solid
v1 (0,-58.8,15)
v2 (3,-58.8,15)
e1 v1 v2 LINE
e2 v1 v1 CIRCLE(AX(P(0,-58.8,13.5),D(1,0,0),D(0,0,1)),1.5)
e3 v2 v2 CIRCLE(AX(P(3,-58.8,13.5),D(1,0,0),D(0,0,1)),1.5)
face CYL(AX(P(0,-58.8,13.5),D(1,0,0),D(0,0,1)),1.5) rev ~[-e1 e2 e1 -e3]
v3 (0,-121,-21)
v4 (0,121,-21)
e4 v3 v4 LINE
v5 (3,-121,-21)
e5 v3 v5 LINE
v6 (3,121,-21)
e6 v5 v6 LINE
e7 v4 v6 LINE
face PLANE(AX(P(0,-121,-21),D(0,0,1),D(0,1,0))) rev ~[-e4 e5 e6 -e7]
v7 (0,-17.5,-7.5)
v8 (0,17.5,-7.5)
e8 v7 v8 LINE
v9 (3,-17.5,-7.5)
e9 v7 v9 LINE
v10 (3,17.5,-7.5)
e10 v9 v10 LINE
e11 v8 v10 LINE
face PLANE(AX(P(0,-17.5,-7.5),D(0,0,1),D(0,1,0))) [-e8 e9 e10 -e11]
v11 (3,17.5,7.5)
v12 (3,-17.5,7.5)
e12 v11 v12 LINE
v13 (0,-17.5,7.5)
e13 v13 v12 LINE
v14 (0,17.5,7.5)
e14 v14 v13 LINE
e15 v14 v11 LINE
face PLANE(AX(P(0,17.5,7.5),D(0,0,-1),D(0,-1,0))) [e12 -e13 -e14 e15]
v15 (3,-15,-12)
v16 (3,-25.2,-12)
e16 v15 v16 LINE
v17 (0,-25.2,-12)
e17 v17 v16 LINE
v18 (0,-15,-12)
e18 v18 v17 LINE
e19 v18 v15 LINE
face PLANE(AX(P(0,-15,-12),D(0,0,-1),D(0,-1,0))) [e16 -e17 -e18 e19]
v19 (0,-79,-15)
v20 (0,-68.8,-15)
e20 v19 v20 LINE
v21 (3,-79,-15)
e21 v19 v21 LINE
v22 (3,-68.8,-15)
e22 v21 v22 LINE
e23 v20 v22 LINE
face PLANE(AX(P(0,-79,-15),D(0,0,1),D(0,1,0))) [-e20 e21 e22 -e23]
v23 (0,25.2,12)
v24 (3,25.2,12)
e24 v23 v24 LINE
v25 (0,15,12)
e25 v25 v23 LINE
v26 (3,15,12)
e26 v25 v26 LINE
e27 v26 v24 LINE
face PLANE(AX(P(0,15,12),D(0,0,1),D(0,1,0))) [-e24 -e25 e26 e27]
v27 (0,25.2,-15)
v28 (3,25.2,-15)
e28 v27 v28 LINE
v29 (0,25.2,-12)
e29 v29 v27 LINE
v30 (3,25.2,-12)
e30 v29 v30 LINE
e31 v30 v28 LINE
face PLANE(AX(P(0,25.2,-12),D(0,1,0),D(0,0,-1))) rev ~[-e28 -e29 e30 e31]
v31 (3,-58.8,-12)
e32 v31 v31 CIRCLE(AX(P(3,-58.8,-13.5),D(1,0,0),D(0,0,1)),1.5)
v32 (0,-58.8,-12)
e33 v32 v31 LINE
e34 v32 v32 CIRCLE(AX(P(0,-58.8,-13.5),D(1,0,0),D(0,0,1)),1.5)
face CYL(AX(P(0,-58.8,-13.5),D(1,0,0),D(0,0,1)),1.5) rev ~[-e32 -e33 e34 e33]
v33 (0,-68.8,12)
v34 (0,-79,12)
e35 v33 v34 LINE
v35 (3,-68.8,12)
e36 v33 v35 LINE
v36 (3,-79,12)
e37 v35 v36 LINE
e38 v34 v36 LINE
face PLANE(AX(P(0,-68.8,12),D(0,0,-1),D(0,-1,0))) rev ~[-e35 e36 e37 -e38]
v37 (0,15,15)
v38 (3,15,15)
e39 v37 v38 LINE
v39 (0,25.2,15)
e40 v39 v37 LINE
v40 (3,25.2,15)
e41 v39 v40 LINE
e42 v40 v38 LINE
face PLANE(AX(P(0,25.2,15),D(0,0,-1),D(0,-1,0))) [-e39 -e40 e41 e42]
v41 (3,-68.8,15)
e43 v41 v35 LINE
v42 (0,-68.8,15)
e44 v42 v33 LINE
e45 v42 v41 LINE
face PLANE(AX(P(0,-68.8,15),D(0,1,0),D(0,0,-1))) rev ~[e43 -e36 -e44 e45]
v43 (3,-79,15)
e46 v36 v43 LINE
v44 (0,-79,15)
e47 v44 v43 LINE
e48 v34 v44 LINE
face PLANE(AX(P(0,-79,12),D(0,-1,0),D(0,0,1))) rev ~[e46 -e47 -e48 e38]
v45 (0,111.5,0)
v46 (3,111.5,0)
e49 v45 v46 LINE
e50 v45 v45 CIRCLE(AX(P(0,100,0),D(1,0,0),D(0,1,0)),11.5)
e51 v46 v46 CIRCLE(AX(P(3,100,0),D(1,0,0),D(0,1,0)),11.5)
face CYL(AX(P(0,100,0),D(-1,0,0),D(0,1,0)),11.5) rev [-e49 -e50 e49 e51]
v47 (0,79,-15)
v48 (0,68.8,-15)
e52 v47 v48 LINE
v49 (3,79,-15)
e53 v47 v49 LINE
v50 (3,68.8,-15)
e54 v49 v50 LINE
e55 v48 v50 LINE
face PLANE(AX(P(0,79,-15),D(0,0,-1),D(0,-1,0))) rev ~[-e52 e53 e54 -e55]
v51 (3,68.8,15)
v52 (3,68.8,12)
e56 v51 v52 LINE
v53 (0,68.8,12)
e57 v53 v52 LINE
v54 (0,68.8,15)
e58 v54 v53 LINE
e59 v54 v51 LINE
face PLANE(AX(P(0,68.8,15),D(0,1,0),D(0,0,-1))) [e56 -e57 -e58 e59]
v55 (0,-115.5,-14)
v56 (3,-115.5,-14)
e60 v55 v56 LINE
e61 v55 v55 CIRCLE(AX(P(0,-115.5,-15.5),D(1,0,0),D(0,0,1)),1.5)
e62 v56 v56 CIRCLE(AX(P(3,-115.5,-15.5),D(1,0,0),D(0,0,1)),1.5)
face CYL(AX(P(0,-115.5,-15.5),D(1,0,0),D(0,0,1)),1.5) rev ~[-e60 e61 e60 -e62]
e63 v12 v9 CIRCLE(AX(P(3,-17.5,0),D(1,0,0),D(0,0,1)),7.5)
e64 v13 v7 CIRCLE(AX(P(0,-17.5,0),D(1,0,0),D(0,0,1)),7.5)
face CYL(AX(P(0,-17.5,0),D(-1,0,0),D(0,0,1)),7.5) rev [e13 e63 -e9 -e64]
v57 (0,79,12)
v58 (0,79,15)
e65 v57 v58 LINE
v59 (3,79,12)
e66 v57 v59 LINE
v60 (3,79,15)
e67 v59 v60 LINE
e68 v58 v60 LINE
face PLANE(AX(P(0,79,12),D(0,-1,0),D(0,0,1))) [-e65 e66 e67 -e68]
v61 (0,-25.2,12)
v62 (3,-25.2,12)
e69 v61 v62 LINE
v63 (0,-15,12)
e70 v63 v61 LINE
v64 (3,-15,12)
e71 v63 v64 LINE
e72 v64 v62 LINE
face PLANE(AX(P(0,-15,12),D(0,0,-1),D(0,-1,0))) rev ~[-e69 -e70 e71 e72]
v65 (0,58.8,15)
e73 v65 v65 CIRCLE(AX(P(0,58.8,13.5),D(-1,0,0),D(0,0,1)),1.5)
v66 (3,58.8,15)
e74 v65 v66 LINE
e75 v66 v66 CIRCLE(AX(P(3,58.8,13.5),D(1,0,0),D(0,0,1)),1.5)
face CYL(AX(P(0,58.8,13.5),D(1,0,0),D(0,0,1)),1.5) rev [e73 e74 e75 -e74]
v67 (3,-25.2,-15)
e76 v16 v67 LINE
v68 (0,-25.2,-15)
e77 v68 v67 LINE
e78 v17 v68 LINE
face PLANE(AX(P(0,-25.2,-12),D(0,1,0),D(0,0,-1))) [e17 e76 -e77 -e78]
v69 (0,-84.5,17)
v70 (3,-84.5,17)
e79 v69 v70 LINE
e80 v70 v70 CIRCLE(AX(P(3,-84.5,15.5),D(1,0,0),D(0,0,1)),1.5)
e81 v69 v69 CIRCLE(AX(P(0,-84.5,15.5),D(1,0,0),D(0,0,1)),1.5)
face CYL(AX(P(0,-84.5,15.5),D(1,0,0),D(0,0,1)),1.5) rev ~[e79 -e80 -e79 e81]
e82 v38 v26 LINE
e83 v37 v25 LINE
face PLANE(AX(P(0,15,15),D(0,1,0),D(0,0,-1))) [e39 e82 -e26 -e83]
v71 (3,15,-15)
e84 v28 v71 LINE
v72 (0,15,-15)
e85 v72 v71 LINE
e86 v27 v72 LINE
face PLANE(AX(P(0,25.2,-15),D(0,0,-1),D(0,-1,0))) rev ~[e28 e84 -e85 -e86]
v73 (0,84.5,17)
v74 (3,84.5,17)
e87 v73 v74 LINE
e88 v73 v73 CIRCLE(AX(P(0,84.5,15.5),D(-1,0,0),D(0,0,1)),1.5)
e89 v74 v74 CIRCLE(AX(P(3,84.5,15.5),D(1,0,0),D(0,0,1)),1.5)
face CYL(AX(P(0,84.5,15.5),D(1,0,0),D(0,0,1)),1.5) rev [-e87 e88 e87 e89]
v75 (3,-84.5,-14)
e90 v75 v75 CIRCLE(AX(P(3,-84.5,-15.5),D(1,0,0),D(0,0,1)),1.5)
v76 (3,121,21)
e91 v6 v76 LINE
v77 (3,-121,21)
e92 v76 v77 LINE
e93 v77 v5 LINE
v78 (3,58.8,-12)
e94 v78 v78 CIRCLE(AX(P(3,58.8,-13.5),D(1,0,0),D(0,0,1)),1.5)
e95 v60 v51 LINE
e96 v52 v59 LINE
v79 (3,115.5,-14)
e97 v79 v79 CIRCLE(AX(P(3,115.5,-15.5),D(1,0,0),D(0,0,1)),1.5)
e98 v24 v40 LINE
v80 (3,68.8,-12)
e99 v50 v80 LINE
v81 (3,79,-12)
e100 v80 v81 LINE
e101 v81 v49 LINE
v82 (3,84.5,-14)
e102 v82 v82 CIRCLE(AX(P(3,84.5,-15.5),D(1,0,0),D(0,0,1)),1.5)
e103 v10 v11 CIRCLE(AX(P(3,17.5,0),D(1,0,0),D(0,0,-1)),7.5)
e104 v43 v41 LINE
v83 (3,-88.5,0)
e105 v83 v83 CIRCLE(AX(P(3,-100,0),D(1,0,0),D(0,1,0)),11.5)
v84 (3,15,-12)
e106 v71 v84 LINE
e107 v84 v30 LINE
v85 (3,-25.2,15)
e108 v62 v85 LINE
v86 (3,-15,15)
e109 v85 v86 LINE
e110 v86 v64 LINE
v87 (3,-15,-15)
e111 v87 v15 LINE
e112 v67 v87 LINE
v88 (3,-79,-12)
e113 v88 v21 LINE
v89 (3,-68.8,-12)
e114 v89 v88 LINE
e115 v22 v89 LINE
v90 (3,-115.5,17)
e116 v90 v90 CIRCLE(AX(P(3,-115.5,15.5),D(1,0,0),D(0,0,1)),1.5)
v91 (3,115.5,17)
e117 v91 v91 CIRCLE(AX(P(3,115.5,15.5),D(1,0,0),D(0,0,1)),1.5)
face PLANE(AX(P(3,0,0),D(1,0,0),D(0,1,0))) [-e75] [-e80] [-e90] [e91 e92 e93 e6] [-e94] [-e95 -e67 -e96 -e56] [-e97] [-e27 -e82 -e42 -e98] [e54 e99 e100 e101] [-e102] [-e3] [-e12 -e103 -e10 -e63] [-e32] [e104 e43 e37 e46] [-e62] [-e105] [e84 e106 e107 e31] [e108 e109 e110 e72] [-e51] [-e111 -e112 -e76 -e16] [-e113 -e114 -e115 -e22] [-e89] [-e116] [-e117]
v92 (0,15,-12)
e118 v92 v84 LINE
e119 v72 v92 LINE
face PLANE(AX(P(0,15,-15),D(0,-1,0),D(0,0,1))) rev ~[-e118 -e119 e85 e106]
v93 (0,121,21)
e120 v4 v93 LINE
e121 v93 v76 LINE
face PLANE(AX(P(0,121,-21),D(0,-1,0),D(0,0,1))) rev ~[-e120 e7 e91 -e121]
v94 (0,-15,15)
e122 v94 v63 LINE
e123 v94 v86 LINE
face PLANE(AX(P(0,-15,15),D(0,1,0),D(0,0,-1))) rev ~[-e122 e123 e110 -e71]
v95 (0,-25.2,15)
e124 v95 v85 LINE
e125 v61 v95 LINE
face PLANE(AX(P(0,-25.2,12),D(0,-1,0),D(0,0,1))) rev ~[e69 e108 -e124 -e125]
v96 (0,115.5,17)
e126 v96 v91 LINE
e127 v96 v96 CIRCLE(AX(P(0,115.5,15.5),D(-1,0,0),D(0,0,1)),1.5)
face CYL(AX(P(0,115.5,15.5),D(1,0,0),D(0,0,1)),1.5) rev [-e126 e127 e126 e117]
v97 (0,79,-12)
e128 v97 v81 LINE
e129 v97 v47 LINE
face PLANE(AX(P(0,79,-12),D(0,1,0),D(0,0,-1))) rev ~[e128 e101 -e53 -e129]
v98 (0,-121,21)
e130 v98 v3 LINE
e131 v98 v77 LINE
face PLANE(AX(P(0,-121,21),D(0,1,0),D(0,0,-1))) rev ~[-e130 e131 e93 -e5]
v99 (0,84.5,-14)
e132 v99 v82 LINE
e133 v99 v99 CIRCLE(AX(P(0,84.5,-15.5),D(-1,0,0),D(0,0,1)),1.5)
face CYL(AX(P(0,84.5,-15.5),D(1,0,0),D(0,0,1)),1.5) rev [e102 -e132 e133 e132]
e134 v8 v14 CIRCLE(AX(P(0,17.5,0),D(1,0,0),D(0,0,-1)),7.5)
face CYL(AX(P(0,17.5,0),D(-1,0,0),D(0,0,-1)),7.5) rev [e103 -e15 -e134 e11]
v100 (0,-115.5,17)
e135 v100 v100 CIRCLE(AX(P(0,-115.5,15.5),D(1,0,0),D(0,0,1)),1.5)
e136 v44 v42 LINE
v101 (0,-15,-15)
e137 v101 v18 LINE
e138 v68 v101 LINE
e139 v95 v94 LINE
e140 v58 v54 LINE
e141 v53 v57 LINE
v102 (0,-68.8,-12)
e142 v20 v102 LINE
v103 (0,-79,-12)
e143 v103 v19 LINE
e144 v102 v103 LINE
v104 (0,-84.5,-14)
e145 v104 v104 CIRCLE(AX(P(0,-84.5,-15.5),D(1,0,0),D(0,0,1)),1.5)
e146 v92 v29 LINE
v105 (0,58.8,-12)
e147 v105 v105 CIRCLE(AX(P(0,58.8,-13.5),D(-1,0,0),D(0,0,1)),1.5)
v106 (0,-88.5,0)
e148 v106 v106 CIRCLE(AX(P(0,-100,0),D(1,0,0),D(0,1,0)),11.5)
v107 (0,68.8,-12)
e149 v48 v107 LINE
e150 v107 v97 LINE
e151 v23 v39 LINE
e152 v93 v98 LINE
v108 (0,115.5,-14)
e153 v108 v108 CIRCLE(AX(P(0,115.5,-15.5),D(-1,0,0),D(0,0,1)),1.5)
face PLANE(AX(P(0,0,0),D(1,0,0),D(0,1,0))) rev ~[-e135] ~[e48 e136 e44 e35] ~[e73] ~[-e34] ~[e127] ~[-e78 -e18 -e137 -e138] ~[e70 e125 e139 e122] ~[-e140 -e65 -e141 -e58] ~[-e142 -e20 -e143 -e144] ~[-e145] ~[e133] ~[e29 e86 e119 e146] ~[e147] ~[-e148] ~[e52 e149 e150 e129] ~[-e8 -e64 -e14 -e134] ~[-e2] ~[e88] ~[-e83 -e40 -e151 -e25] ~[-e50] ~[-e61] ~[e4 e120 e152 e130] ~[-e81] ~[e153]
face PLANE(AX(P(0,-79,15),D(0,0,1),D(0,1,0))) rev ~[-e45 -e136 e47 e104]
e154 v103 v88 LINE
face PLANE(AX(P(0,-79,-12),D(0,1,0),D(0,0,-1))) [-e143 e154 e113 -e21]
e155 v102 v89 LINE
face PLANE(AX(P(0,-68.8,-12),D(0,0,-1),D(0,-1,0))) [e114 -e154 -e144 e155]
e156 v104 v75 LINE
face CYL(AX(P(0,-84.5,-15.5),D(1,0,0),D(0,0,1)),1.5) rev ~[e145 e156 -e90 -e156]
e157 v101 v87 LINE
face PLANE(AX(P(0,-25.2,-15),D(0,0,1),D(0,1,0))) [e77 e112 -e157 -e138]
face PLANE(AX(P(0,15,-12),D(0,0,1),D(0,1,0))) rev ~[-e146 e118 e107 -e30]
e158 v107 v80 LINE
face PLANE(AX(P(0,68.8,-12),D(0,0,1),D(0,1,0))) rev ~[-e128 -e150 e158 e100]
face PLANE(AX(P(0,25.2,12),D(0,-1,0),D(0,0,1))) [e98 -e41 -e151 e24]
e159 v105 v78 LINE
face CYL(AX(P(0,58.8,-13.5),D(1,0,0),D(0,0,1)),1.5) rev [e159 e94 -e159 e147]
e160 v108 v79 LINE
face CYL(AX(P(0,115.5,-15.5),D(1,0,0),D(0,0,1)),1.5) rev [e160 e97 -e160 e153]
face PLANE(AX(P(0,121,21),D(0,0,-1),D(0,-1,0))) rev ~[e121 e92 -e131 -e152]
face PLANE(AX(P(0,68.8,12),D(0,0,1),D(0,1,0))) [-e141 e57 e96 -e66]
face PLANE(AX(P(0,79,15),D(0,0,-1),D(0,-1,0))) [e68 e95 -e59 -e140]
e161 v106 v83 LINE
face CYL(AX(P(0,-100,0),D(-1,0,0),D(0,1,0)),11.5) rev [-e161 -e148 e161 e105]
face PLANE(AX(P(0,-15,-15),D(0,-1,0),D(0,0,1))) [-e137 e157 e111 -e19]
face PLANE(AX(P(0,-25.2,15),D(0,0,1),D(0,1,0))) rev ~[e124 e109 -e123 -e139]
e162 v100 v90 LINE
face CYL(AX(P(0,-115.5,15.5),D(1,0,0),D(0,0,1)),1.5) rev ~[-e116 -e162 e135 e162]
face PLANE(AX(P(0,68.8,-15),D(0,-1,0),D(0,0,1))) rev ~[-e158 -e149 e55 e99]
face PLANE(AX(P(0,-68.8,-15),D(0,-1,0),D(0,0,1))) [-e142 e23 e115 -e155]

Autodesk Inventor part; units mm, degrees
ref_plane "YZ Plane" through (0, 0, 0) normal (1, 0, 0) x (0, 1, 0)
ref_plane "XZ Plane" through (0, 0, 0) normal (0, 1, 0) x (-1, 0, 0)
ref_plane "XY Plane" through (0, 0, 0) normal (0, 0, 1) x (1, 0, 0)
sketch "Esboço1" plane through (0, 0, 0) normal (1, 0, 0) x (0, 1, 0)
  line L0 (-121, -21) -> (121, -21)
  line L1 (121, -21) -> (121, 21)
  line L2 (121, 21) -> (-121, 21)
  line L3 (-121, 21) -> (-121, -21)
  line L4 (-121, -21) -> (121, 21) construction
  line L5 (121, -21) -> (-121, 21) construction
  line L6 (-121, 21) -> (-79, 21) construction
  line L7 (-79, 21) -> (-79, -21) construction
  line L8 (-79, -21) -> (-121, -21) construction
  line L9 (-121, -21) -> (-121, 21) construction
  line L10 (-115.5, -15.5) -> (-84.5, -15.5) construction
  line L11 (-84.5, -15.5) -> (-84.5, 15.5) construction
  line L12 (-84.5, 15.5) -> (-115.5, 15.5) construction
  line L13 (-115.5, 15.5) -> (-115.5, -15.5) construction
  line L14 (-115.5, -15.5) -> (-84.5, 15.5) construction
  line L15 (-84.5, -15.5) -> (-115.5, 15.5) construction
  circle A0 centre (-100, 0) radius 11.5
  line L16 (-25, 0) -> (25, 0) construction
  line L17 (-17.5, -7.5) -> (17.5, -7.5)
  line L18 (17.5, 7.5) -> (-17.5, 7.5)
  arc A1 (-17.5, 7.5) -> (-17.5, -7.5) centre (-17.5, 0) ccw
  arc A2 (17.5, -7.5) -> (17.5, 7.5) centre (17.5, 0) ccw
  line L19 (-79, 15) -> (-68.8, 15)
  line L20 (-68.8, 15) -> (-68.8, 12)
  line L21 (-68.8, 12) -> (-79, 12)
  line L22 (-79, 12) -> (-79, 15)
  line L23 (-25.2, 15) -> (-15, 15)
  line L24 (-15, 15) -> (-15, 12)
  line L25 (-15, 12) -> (-25.2, 12)
  line L26 (-25.2, 12) -> (-25.2, 15)
  circle A3 centre (-58.8, 13.5) radius 5 construction
  line L27 (-121, 0) -> (121, 0) construction
  line L28 (-79, -15) -> (-68.8, -15)
  line L29 (-68.8, -15) -> (-68.8, -12)
  line L30 (-68.8, -12) -> (-79, -12)
  line L31 (-79, -12) -> (-79, -15)
  line L32 (-25.2, -15) -> (-15, -15)
  line L33 (-15, -15) -> (-15, -12)
  line L34 (-15, -12) -> (-25.2, -12)
  line L35 (-25.2, -12) -> (-25.2, -15)
  circle A4 centre (-58.8, -13.5) radius 5 construction
  line L36 (0, -21) -> (0, 21) construction
  circle A5 centre (100, 0) radius 11.5
  line L37 (79, 15) -> (68.8, 15)
  line L38 (68.8, 15) -> (68.8, 12)
  line L39 (68.8, 12) -> (79, 12)
  line L40 (79, 12) -> (79, 15)
  line L41 (25.2, 15) -> (15, 15)
  line L42 (15, 15) -> (15, 12)
  line L43 (15, 12) -> (25.2, 12)
  line L44 (25.2, 12) -> (25.2, 15)
  line L45 (68.8, -15) -> (68.8, -12)
  line L46 (79, -15) -> (68.8, -15)
  line L47 (79, -12) -> (79, -15)
  line L48 (68.8, -12) -> (79, -12)
  line L49 (25.2, -12) -> (25.2, -15)
  line L50 (25.2, -15) -> (15, -15)
  line L51 (15, -12) -> (25.2, -12)
  line L52 (15, -15) -> (15, -12)
  point P0 (0, 0)
  point P1 (-100, 0)
  point P2 (-100, 21)
  point P3 (0, 0)
  point P4 (0, 0)
  point P5 (-68.8, 13.5)
  point P6 (-68.8, -13.5)
  point P7 (68.8, 13.5)
  point P8 (68.8, -13.5)
  dimension "d0" = 242
  dimension "d1" = 42
  dimension "d2" = 42
  dimension "d3" = 42
  dimension "d4" = 31
  dimension "d5" = 31
  dimension "d6" = 23
  dimension "d7" = 15
  dimension "d8" = 35
  dimension "d9" = 10.2
  dimension "d10" = 3
  dimension "d12" = 6
  dimension "d13" = 10.2
  dimension "d14" = 3
  dimension "d15" = 15
  dimension "d16" = 10
  dimension "d17" = 10
extrude "Extrusão1" add sketch "Esboço1" along normal blind 3
hole "Furo1" at (0, -58.8, 13.5) at (0, -58.8, -13.5) at (0, -84.5, 15.5) at (0, -115.5, 15.5) at (0, -115.5, -15.5) at (0, -84.5, -15.5) direction (1, 0, 0) diameter 3 end through all
mirror "Espelhamento1" about plane through (0, 0, 0) normal (0, 1, 0) of "Furo1"
equation "\"d13\" = d9"
equation "\"d14\" = d10"
properties part number "Lateral_Acrilico"
